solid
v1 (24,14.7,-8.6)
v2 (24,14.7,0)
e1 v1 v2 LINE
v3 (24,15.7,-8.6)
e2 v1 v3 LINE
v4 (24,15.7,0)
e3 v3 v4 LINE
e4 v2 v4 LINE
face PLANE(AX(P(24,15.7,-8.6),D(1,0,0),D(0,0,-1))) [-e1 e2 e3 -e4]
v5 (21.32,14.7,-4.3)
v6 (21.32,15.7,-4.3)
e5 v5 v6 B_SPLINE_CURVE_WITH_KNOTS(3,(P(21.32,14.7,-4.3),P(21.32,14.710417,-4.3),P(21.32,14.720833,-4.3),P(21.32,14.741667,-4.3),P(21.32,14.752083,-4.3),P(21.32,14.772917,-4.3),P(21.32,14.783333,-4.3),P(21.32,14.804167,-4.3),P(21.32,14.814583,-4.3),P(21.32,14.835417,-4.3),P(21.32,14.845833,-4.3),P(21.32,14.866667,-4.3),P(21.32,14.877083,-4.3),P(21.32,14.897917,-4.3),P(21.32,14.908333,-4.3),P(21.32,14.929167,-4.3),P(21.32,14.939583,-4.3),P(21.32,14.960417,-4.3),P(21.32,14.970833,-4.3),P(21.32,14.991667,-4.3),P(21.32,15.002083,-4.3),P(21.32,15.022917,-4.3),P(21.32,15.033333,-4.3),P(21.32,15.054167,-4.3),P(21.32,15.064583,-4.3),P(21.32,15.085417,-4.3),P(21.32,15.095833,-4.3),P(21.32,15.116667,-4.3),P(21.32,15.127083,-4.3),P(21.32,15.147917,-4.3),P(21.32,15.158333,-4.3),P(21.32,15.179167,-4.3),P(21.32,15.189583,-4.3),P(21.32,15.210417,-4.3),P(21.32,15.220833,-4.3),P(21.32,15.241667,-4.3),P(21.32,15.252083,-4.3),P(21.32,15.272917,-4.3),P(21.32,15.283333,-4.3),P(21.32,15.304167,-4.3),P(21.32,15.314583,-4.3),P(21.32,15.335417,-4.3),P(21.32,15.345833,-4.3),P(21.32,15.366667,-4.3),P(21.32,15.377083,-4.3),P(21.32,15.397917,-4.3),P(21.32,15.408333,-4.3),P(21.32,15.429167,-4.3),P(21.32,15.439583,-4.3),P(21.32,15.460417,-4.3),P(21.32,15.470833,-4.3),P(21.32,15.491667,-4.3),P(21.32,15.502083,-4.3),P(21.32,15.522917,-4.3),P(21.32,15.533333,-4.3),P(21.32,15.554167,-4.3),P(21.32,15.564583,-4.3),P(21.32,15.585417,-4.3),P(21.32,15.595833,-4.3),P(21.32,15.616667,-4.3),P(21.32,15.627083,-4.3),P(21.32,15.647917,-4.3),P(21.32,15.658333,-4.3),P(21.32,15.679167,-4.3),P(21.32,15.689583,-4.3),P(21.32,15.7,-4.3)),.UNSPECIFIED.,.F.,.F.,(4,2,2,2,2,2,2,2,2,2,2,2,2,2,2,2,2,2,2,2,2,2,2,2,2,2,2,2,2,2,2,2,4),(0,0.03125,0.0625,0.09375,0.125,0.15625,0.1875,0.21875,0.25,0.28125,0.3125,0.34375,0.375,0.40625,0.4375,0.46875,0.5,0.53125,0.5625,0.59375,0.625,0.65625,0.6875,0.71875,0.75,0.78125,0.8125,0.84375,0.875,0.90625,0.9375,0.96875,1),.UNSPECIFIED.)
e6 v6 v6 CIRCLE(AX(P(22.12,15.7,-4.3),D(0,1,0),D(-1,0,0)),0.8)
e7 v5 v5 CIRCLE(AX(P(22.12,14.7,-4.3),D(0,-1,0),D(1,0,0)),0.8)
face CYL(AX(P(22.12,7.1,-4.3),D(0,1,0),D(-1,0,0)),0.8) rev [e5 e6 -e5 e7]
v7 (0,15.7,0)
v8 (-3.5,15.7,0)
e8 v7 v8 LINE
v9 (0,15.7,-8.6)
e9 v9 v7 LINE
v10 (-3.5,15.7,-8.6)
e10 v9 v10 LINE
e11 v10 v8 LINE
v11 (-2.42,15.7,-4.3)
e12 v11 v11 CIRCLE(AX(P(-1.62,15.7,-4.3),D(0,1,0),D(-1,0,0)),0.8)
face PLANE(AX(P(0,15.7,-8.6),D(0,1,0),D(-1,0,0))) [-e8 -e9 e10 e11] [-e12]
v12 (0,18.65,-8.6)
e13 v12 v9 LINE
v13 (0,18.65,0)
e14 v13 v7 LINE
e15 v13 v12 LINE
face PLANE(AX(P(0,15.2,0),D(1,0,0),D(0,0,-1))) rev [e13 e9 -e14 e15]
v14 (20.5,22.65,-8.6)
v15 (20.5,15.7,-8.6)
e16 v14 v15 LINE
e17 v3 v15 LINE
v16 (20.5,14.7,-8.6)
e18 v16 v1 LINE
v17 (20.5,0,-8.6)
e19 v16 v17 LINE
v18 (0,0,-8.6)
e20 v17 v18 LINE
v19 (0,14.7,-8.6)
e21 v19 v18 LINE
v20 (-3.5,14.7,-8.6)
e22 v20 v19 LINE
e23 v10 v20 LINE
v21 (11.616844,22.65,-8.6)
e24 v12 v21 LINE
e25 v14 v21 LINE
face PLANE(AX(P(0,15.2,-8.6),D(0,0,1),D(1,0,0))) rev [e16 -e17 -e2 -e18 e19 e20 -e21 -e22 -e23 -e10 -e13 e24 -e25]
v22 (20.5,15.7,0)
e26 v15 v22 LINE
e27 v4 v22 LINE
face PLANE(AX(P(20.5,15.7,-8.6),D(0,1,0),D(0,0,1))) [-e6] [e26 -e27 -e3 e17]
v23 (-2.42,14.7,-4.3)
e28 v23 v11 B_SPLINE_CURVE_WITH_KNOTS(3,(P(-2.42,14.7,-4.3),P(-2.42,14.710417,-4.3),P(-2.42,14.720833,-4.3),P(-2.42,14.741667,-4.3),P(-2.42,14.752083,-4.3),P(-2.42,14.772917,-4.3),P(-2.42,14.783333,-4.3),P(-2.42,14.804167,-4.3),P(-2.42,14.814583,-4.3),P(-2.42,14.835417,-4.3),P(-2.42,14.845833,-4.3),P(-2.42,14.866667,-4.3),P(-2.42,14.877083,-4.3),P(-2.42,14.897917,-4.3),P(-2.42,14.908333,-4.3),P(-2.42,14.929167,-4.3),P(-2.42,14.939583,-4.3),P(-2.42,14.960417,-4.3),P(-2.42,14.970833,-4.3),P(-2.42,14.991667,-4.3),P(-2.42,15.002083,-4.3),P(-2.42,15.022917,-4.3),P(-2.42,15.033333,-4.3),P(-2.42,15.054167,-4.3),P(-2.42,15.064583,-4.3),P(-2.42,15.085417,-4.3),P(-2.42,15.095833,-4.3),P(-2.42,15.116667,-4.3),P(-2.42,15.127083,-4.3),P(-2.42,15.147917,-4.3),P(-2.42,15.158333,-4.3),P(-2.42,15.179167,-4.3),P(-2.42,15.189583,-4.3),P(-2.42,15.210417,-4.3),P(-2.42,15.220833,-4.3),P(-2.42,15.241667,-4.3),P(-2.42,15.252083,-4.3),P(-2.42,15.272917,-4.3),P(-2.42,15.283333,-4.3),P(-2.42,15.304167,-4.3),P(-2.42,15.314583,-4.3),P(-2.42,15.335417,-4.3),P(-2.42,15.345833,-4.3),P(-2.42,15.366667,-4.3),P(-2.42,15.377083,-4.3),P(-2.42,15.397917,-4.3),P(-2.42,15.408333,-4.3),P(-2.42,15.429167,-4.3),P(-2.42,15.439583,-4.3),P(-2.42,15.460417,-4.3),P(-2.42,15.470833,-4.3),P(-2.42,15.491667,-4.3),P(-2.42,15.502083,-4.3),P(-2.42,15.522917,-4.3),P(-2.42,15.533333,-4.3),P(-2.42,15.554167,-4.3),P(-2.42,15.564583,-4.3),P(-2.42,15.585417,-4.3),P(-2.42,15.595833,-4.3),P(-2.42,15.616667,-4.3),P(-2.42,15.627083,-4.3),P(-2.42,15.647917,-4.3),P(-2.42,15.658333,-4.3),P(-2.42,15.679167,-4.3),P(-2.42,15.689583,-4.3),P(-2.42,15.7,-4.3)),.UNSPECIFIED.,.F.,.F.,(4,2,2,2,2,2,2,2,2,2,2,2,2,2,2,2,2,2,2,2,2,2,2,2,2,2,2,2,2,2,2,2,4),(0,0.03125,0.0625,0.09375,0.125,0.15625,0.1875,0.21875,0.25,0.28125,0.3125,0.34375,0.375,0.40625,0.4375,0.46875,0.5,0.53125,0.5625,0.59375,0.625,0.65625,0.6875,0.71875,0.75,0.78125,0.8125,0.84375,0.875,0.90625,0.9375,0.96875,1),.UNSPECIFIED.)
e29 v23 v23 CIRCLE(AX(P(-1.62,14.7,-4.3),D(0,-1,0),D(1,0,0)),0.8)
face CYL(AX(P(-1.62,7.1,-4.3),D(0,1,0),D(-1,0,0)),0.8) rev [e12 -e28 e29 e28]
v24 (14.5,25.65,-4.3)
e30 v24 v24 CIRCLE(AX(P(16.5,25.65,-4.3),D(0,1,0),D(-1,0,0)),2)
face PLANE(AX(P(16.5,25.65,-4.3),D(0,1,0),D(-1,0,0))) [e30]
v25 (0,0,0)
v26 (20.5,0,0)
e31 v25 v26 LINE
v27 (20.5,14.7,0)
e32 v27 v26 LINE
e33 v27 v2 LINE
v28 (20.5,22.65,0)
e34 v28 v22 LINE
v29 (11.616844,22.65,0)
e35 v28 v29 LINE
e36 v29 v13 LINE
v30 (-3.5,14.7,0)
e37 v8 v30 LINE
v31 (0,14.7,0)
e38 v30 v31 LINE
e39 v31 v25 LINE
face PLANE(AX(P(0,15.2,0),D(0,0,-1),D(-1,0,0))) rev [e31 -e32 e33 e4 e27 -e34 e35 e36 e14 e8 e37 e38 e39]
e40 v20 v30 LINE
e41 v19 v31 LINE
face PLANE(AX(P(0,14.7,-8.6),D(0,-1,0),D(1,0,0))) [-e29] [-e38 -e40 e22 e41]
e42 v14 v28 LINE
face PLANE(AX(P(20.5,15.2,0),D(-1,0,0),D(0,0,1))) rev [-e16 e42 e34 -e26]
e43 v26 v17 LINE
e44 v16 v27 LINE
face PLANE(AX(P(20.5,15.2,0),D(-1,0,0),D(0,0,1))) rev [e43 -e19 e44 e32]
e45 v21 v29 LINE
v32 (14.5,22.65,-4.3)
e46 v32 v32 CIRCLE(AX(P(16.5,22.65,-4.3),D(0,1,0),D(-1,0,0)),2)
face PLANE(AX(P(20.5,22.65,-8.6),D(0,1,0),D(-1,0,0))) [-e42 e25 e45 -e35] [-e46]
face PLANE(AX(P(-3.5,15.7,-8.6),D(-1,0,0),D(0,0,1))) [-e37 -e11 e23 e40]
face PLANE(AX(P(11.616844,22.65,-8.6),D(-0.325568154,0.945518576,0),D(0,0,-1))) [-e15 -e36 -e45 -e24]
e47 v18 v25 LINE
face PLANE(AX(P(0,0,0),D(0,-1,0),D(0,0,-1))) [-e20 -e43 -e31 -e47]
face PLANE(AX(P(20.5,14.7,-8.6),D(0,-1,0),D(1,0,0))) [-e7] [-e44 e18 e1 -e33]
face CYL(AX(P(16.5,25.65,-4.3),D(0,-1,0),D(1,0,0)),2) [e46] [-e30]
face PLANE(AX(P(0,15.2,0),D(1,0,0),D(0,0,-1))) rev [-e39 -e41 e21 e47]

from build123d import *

# Parameters (mm, degrees)
SKETCH_1_W          = 20.5
SKETCH_1_H          = 8.6
EXTRUDE_1_DEPTH     = 15.2
SKETCH_2_W          = 20.5
SKETCH_2_H          = 7.45
EXTRUDE_2_DEPTH     = 8.6
CHAMFER_1_SIZE      = 4
CHAMFER_1_SIZE2     = 11.616843511
SKETCH_3_W          = 3.5
SKETCH_3_H          = 1
EXTRUDE_3_DEPTH     = 8.6
SKETCH_4_R          = 0.8
CUT_EXTRUDE_1_DEPTH = 8.6
SKETCH_5_R          = 2
EXTRUDE_4_DEPTH     = 3


with BuildPart() as part:
    # 草图1 → 凸台-拉伸1 (new body)
    with BuildSketch(Plane(origin=(0, 0, 0), x_dir=(1, 0, 0), z_dir=(0, 1, 0))):
        with Locations((10.25, 4.3)):
            Rectangle(SKETCH_1_W, SKETCH_1_H)
    extrude(amount=EXTRUDE_1_DEPTH)

    # 草图2 → 凸台-拉伸2 (add)
    with BuildSketch(Plane.XY):
        with Locations((10.25, 18.925)):
            Rectangle(SKETCH_2_W, SKETCH_2_H)
    extrude(amount=-EXTRUDE_2_DEPTH)

    # 倒角1
    chamfer_1_edges = [part.edges().sort_by_distance(p)[0] for p in [
        (0, 22.65, -4.3),
    ]]
    chamfer_1_side = [part.faces().sort_by_distance(p)[0] for p in [
        (0, 11.325, -4.3),
    ]]
    chamfer(chamfer_1_edges, length=CHAMFER_1_SIZE, length2=CHAMFER_1_SIZE2, reference=chamfer_1_side[0])

    # 草图3 → 凸台-拉伸3 (add)
    with BuildSketch(Plane.XY):
        with Locations((-1.75, 15.2)):
            Rectangle(SKETCH_3_W, SKETCH_3_H)
        with Locations((22.25, 15.2)):
            Rectangle(SKETCH_3_W, SKETCH_3_H)
    extrude(amount=-EXTRUDE_3_DEPTH)

    # 草图4 → 切除-拉伸1 (cut)
    with BuildSketch(Plane(origin=(0, 15.7, 0), x_dir=(1, 0, 0), z_dir=(0, 1, 0))):
        with Locations(Location((-1.62, 4.3, 0), (0, 0, 180))):
            Circle(SKETCH_4_R)
        with Locations(Location((22.12, 4.3, 0), (0, 0, 180))):
            Circle(SKETCH_4_R)
    extrude(amount=-CUT_EXTRUDE_1_DEPTH, mode=Mode.SUBTRACT)

    # 草图5 → 凸台-拉伸4 (add)
    with BuildSketch(Plane(origin=(0, 22.65, 0), x_dir=(1, 0, 0), z_dir=(0, 1, 0))):
        with Locations(Location((16.5, 4.3, 0), (0, 0, 180))):
            Circle(SKETCH_5_R)
    extrude(amount=EXTRUDE_4_DEPTH)


solid = part.part
